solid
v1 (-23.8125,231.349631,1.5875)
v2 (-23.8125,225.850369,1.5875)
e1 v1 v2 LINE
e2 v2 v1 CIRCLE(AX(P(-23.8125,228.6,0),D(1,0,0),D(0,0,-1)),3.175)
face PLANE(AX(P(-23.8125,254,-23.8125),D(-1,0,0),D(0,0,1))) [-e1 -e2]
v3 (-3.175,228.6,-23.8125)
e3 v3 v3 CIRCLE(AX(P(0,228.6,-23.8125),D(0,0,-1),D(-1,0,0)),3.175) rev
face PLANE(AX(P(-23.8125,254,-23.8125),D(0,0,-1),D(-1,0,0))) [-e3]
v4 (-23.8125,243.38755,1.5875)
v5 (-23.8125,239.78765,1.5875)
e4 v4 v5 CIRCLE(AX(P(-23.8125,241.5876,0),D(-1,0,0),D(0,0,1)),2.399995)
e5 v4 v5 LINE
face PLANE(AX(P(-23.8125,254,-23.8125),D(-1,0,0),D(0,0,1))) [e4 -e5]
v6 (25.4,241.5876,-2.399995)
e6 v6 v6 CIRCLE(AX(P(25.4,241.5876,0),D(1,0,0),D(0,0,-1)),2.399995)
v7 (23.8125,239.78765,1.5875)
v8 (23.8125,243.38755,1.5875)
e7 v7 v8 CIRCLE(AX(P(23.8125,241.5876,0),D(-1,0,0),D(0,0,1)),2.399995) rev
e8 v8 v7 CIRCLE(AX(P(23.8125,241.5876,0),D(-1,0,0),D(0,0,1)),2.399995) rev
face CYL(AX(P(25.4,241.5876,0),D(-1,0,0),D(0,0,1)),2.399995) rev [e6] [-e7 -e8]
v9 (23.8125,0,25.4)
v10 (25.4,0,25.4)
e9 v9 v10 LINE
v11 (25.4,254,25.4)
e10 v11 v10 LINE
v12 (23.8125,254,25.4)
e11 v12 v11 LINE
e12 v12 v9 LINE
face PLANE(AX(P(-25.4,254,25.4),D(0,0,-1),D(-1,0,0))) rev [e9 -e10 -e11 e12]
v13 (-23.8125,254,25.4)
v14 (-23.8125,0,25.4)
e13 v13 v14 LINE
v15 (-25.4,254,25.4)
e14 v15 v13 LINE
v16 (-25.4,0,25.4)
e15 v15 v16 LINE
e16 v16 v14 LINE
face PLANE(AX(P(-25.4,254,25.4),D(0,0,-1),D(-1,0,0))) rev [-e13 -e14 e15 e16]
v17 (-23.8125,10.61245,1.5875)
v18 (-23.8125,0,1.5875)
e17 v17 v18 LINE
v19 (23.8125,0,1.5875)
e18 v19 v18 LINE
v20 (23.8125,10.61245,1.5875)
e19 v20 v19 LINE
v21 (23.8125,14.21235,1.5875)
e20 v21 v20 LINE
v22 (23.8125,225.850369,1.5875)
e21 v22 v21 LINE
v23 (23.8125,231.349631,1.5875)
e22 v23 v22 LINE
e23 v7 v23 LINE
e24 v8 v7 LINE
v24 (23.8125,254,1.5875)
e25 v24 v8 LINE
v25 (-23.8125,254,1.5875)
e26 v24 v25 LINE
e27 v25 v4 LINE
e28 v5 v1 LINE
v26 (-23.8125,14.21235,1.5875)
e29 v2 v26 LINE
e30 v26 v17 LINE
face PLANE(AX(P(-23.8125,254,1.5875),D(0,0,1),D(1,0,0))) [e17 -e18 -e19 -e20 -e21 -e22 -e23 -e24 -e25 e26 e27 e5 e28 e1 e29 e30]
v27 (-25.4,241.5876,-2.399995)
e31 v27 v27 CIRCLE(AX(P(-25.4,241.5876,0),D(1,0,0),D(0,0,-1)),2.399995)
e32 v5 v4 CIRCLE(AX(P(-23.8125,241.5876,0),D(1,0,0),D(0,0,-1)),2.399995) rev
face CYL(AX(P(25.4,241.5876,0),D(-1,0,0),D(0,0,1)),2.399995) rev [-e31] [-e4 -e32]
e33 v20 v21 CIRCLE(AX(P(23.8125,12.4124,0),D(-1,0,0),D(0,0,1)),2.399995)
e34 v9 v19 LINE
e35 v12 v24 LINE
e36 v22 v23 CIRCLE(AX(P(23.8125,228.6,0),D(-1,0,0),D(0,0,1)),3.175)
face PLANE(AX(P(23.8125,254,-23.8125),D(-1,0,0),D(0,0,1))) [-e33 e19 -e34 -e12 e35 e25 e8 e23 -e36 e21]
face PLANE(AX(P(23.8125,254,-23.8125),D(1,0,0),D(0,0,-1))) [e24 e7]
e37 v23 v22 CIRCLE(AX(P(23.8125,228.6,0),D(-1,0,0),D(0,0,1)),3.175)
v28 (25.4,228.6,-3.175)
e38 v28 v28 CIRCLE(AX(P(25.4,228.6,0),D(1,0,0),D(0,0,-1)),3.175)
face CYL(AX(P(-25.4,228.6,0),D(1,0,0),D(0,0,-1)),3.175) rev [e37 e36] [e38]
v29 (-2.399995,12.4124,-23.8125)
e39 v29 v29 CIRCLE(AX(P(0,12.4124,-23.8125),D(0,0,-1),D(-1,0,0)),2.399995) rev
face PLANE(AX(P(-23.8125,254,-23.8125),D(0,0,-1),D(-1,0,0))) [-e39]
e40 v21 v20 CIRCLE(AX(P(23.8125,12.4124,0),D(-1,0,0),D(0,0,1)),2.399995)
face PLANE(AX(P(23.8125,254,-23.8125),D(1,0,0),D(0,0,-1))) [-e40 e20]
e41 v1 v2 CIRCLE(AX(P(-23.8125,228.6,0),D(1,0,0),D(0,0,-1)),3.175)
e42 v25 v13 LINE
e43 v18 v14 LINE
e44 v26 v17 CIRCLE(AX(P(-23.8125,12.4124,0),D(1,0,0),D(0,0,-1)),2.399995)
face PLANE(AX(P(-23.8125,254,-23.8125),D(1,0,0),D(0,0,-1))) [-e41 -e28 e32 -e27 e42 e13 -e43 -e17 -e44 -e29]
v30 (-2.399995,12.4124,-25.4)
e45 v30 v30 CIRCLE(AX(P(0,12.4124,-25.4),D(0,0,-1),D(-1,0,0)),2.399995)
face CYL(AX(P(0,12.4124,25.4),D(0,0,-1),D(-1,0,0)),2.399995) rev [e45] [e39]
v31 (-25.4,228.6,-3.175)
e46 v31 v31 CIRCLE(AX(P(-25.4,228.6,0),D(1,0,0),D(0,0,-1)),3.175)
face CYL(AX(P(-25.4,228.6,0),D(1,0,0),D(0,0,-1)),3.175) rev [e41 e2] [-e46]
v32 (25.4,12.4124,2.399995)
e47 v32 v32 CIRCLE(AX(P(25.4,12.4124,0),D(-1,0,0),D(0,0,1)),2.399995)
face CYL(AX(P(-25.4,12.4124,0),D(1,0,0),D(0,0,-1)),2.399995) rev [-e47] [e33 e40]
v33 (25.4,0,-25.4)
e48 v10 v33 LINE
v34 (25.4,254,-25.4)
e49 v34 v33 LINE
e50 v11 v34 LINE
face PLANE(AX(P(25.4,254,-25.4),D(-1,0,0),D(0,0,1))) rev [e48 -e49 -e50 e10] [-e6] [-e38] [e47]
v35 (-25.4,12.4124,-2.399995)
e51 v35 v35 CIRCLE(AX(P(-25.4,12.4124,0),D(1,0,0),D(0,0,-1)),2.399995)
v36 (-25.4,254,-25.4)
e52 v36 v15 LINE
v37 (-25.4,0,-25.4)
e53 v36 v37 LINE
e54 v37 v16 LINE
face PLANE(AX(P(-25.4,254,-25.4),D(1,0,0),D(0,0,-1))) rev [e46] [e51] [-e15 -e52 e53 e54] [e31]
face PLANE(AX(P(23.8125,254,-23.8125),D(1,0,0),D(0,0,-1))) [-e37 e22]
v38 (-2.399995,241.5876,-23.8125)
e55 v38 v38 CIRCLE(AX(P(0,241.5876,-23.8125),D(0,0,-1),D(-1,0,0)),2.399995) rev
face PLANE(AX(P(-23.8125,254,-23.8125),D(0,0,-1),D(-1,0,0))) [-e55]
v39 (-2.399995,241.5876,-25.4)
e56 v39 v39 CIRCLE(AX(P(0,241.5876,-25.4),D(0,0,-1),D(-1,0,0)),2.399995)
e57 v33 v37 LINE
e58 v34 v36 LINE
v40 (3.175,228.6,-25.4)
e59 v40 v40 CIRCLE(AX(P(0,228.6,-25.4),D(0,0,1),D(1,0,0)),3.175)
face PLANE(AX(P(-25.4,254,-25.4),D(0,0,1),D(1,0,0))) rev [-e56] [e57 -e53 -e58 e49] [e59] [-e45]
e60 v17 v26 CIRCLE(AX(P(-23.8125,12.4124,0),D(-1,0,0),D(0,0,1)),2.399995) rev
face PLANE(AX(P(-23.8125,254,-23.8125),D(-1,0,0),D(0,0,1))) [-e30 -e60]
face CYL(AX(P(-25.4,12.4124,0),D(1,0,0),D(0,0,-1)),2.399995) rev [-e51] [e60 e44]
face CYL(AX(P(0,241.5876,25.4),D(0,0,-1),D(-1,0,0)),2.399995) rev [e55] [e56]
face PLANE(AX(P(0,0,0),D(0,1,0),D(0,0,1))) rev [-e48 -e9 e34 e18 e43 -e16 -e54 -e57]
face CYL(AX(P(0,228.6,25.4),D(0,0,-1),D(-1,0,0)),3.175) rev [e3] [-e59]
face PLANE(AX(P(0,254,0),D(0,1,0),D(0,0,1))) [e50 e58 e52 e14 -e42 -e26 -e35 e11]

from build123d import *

# Parameters (mm, degrees)
SKETCH1_W               = 50.8
SKETCH1_H               = 50.8
SKETCH1_W_2             = 47.625
SKETCH1_H_2             = 47.625
BOSS_EXTRUDE1_DEPTH     = 254
SKETCH4_R               = 2.3999952
CUT_EXTRUDE1_DEPTH      = 50.2125
CUT_EXTRUDE1_DEPTH_BACK = 2.5875
SKETCH5_R               = 2.3999952
CUT_EXTRUDE2_DEPTH      = 51.8
SKETCH6_R               = 2.3999952
CUT_EXTRUDE3_DEPTH      = 1
CUT_EXTRUDE3_DEPTH_BACK = 51.8
SKETCH7_R               = 2.3999952
CUT_EXTRUDE4_DEPTH      = 1
CUT_EXTRUDE4_DEPTH_BACK = 51.8
SKETCH8_R               = 3.175
CUT_EXTRUDE5_DEPTH      = 1
CUT_EXTRUDE5_DEPTH_BACK = 51.8
SKETCH9_R               = 3.175
CUT_EXTRUDE6_DEPTH      = 1
CUT_EXTRUDE6_DEPTH_BACK = 51.8
CUT_EXTRUDE7_REACH      = 256
SKETCH10_W              = 47.625
SKETCH10_H              = 1.5875
SKETCH11_W              = 47.625
SKETCH11_H              = 25.4
BOSS_EXTRUDE2_DEPTH     = 254


with BuildPart() as part:
    # Sketch1 → Boss-Extrude1 (new body)
    with BuildSketch(Plane(origin=(0, 0, 0), x_dir=(1, 0, 0), z_dir=(0, 1, 0))):
        Rectangle(SKETCH1_W, SKETCH1_H)
        Rectangle(SKETCH1_W_2, SKETCH1_H_2, mode=Mode.SUBTRACT)
    extrude(amount=BOSS_EXTRUDE1_DEPTH)

    # Sketch4 → Cut-Extrude1 (cut, two sides)
    with BuildSketch(Plane(origin=(-23.8125, 0, 0), x_dir=(0, 0, -1), z_dir=(1, 0, 0))) as cut_extrude1_sk:
        with Locations((0, 241.587599882)):
            Circle(SKETCH4_R)
    extrude(amount=CUT_EXTRUDE1_DEPTH, mode=Mode.SUBTRACT)
    extrude(cut_extrude1_sk.sketch, amount=-CUT_EXTRUDE1_DEPTH_BACK, mode=Mode.SUBTRACT)

    # Sketch5 → Cut-Extrude2 (cut, through all)
    with BuildSketch(Plane(origin=(0, 0, -25.4), x_dir=(-1, 0, 0), z_dir=(0, 0, -1))):
        with Locations((0, 241.587599882)):
            Circle(SKETCH5_R)
    extrude(amount=-CUT_EXTRUDE2_DEPTH, mode=Mode.SUBTRACT)

    # Sketch6 → Cut-Extrude3 (cut, two sides)
    with BuildSketch(Plane(origin=(25.4, 0, 0), x_dir=(0, 0, -1), z_dir=(1, 0, 0))) as cut_extrude3_sk:
        with Locations((0, 12.412400118)):
            Circle(SKETCH6_R)
    extrude(amount=CUT_EXTRUDE3_DEPTH, mode=Mode.SUBTRACT)
    extrude(cut_extrude3_sk.sketch, amount=-CUT_EXTRUDE3_DEPTH_BACK, mode=Mode.SUBTRACT)

    # Sketch7 → Cut-Extrude4 (cut, two sides)
    with BuildSketch(Plane(origin=(0, 0, -25.4), x_dir=(-1, 0, 0), z_dir=(0, 0, -1))) as cut_extrude4_sk:
        with Locations((0, 12.412400118)):
            Circle(SKETCH7_R)
    extrude(amount=CUT_EXTRUDE4_DEPTH, mode=Mode.SUBTRACT)
    extrude(cut_extrude4_sk.sketch, amount=-CUT_EXTRUDE4_DEPTH_BACK, mode=Mode.SUBTRACT)

    # Sketch8 → Cut-Extrude5 (cut, two sides)
    with BuildSketch(Plane(origin=(0, 0, -25.4), x_dir=(-1, 0, 0), z_dir=(0, 0, -1))) as cut_extrude5_sk:
        with Locations((0, 228.6)):
            Circle(SKETCH8_R)
    extrude(amount=CUT_EXTRUDE5_DEPTH, mode=Mode.SUBTRACT)
    extrude(cut_extrude5_sk.sketch, amount=-CUT_EXTRUDE5_DEPTH_BACK, mode=Mode.SUBTRACT)

    # Sketch9 → Cut-Extrude6 (cut, two sides)
    with BuildSketch(Plane(origin=(25.4, 0, 0), x_dir=(0, 0, -1), z_dir=(1, 0, 0))) as cut_extrude6_sk:
        with Locations((0, 228.6)):
            Circle(SKETCH9_R)
    extrude(amount=CUT_EXTRUDE6_DEPTH, mode=Mode.SUBTRACT)
    extrude(cut_extrude6_sk.sketch, amount=-CUT_EXTRUDE6_DEPTH_BACK, mode=Mode.SUBTRACT)

    # Sketch10 → Cut-Extrude7 (cut, up to next)
    with BuildSketch(Plane.XZ, mode=Mode.PRIVATE) as cut_extrude7_sk1:
        with Locations((0, 24.60625)):
            Rectangle(SKETCH10_W, SKETCH10_H)
    cut_extrude7_tool1 = extrude(cut_extrude7_sk1.sketch, amount=-CUT_EXTRUDE7_REACH, mode=Mode.PRIVATE) & part.part
    add(cut_extrude7_tool1.solids().sort_by_distance((0, 0, 24.60625))[0], mode=Mode.SUBTRACT)

    # Sketch11 → Boss-Extrude2 (add, through all)
    with BuildSketch(Plane.XZ):
        with Locations((0, -11.1125)):
            Rectangle(SKETCH11_W, SKETCH11_H)
    extrude(amount=-BOSS_EXTRUDE2_DEPTH)


solid = part.part
